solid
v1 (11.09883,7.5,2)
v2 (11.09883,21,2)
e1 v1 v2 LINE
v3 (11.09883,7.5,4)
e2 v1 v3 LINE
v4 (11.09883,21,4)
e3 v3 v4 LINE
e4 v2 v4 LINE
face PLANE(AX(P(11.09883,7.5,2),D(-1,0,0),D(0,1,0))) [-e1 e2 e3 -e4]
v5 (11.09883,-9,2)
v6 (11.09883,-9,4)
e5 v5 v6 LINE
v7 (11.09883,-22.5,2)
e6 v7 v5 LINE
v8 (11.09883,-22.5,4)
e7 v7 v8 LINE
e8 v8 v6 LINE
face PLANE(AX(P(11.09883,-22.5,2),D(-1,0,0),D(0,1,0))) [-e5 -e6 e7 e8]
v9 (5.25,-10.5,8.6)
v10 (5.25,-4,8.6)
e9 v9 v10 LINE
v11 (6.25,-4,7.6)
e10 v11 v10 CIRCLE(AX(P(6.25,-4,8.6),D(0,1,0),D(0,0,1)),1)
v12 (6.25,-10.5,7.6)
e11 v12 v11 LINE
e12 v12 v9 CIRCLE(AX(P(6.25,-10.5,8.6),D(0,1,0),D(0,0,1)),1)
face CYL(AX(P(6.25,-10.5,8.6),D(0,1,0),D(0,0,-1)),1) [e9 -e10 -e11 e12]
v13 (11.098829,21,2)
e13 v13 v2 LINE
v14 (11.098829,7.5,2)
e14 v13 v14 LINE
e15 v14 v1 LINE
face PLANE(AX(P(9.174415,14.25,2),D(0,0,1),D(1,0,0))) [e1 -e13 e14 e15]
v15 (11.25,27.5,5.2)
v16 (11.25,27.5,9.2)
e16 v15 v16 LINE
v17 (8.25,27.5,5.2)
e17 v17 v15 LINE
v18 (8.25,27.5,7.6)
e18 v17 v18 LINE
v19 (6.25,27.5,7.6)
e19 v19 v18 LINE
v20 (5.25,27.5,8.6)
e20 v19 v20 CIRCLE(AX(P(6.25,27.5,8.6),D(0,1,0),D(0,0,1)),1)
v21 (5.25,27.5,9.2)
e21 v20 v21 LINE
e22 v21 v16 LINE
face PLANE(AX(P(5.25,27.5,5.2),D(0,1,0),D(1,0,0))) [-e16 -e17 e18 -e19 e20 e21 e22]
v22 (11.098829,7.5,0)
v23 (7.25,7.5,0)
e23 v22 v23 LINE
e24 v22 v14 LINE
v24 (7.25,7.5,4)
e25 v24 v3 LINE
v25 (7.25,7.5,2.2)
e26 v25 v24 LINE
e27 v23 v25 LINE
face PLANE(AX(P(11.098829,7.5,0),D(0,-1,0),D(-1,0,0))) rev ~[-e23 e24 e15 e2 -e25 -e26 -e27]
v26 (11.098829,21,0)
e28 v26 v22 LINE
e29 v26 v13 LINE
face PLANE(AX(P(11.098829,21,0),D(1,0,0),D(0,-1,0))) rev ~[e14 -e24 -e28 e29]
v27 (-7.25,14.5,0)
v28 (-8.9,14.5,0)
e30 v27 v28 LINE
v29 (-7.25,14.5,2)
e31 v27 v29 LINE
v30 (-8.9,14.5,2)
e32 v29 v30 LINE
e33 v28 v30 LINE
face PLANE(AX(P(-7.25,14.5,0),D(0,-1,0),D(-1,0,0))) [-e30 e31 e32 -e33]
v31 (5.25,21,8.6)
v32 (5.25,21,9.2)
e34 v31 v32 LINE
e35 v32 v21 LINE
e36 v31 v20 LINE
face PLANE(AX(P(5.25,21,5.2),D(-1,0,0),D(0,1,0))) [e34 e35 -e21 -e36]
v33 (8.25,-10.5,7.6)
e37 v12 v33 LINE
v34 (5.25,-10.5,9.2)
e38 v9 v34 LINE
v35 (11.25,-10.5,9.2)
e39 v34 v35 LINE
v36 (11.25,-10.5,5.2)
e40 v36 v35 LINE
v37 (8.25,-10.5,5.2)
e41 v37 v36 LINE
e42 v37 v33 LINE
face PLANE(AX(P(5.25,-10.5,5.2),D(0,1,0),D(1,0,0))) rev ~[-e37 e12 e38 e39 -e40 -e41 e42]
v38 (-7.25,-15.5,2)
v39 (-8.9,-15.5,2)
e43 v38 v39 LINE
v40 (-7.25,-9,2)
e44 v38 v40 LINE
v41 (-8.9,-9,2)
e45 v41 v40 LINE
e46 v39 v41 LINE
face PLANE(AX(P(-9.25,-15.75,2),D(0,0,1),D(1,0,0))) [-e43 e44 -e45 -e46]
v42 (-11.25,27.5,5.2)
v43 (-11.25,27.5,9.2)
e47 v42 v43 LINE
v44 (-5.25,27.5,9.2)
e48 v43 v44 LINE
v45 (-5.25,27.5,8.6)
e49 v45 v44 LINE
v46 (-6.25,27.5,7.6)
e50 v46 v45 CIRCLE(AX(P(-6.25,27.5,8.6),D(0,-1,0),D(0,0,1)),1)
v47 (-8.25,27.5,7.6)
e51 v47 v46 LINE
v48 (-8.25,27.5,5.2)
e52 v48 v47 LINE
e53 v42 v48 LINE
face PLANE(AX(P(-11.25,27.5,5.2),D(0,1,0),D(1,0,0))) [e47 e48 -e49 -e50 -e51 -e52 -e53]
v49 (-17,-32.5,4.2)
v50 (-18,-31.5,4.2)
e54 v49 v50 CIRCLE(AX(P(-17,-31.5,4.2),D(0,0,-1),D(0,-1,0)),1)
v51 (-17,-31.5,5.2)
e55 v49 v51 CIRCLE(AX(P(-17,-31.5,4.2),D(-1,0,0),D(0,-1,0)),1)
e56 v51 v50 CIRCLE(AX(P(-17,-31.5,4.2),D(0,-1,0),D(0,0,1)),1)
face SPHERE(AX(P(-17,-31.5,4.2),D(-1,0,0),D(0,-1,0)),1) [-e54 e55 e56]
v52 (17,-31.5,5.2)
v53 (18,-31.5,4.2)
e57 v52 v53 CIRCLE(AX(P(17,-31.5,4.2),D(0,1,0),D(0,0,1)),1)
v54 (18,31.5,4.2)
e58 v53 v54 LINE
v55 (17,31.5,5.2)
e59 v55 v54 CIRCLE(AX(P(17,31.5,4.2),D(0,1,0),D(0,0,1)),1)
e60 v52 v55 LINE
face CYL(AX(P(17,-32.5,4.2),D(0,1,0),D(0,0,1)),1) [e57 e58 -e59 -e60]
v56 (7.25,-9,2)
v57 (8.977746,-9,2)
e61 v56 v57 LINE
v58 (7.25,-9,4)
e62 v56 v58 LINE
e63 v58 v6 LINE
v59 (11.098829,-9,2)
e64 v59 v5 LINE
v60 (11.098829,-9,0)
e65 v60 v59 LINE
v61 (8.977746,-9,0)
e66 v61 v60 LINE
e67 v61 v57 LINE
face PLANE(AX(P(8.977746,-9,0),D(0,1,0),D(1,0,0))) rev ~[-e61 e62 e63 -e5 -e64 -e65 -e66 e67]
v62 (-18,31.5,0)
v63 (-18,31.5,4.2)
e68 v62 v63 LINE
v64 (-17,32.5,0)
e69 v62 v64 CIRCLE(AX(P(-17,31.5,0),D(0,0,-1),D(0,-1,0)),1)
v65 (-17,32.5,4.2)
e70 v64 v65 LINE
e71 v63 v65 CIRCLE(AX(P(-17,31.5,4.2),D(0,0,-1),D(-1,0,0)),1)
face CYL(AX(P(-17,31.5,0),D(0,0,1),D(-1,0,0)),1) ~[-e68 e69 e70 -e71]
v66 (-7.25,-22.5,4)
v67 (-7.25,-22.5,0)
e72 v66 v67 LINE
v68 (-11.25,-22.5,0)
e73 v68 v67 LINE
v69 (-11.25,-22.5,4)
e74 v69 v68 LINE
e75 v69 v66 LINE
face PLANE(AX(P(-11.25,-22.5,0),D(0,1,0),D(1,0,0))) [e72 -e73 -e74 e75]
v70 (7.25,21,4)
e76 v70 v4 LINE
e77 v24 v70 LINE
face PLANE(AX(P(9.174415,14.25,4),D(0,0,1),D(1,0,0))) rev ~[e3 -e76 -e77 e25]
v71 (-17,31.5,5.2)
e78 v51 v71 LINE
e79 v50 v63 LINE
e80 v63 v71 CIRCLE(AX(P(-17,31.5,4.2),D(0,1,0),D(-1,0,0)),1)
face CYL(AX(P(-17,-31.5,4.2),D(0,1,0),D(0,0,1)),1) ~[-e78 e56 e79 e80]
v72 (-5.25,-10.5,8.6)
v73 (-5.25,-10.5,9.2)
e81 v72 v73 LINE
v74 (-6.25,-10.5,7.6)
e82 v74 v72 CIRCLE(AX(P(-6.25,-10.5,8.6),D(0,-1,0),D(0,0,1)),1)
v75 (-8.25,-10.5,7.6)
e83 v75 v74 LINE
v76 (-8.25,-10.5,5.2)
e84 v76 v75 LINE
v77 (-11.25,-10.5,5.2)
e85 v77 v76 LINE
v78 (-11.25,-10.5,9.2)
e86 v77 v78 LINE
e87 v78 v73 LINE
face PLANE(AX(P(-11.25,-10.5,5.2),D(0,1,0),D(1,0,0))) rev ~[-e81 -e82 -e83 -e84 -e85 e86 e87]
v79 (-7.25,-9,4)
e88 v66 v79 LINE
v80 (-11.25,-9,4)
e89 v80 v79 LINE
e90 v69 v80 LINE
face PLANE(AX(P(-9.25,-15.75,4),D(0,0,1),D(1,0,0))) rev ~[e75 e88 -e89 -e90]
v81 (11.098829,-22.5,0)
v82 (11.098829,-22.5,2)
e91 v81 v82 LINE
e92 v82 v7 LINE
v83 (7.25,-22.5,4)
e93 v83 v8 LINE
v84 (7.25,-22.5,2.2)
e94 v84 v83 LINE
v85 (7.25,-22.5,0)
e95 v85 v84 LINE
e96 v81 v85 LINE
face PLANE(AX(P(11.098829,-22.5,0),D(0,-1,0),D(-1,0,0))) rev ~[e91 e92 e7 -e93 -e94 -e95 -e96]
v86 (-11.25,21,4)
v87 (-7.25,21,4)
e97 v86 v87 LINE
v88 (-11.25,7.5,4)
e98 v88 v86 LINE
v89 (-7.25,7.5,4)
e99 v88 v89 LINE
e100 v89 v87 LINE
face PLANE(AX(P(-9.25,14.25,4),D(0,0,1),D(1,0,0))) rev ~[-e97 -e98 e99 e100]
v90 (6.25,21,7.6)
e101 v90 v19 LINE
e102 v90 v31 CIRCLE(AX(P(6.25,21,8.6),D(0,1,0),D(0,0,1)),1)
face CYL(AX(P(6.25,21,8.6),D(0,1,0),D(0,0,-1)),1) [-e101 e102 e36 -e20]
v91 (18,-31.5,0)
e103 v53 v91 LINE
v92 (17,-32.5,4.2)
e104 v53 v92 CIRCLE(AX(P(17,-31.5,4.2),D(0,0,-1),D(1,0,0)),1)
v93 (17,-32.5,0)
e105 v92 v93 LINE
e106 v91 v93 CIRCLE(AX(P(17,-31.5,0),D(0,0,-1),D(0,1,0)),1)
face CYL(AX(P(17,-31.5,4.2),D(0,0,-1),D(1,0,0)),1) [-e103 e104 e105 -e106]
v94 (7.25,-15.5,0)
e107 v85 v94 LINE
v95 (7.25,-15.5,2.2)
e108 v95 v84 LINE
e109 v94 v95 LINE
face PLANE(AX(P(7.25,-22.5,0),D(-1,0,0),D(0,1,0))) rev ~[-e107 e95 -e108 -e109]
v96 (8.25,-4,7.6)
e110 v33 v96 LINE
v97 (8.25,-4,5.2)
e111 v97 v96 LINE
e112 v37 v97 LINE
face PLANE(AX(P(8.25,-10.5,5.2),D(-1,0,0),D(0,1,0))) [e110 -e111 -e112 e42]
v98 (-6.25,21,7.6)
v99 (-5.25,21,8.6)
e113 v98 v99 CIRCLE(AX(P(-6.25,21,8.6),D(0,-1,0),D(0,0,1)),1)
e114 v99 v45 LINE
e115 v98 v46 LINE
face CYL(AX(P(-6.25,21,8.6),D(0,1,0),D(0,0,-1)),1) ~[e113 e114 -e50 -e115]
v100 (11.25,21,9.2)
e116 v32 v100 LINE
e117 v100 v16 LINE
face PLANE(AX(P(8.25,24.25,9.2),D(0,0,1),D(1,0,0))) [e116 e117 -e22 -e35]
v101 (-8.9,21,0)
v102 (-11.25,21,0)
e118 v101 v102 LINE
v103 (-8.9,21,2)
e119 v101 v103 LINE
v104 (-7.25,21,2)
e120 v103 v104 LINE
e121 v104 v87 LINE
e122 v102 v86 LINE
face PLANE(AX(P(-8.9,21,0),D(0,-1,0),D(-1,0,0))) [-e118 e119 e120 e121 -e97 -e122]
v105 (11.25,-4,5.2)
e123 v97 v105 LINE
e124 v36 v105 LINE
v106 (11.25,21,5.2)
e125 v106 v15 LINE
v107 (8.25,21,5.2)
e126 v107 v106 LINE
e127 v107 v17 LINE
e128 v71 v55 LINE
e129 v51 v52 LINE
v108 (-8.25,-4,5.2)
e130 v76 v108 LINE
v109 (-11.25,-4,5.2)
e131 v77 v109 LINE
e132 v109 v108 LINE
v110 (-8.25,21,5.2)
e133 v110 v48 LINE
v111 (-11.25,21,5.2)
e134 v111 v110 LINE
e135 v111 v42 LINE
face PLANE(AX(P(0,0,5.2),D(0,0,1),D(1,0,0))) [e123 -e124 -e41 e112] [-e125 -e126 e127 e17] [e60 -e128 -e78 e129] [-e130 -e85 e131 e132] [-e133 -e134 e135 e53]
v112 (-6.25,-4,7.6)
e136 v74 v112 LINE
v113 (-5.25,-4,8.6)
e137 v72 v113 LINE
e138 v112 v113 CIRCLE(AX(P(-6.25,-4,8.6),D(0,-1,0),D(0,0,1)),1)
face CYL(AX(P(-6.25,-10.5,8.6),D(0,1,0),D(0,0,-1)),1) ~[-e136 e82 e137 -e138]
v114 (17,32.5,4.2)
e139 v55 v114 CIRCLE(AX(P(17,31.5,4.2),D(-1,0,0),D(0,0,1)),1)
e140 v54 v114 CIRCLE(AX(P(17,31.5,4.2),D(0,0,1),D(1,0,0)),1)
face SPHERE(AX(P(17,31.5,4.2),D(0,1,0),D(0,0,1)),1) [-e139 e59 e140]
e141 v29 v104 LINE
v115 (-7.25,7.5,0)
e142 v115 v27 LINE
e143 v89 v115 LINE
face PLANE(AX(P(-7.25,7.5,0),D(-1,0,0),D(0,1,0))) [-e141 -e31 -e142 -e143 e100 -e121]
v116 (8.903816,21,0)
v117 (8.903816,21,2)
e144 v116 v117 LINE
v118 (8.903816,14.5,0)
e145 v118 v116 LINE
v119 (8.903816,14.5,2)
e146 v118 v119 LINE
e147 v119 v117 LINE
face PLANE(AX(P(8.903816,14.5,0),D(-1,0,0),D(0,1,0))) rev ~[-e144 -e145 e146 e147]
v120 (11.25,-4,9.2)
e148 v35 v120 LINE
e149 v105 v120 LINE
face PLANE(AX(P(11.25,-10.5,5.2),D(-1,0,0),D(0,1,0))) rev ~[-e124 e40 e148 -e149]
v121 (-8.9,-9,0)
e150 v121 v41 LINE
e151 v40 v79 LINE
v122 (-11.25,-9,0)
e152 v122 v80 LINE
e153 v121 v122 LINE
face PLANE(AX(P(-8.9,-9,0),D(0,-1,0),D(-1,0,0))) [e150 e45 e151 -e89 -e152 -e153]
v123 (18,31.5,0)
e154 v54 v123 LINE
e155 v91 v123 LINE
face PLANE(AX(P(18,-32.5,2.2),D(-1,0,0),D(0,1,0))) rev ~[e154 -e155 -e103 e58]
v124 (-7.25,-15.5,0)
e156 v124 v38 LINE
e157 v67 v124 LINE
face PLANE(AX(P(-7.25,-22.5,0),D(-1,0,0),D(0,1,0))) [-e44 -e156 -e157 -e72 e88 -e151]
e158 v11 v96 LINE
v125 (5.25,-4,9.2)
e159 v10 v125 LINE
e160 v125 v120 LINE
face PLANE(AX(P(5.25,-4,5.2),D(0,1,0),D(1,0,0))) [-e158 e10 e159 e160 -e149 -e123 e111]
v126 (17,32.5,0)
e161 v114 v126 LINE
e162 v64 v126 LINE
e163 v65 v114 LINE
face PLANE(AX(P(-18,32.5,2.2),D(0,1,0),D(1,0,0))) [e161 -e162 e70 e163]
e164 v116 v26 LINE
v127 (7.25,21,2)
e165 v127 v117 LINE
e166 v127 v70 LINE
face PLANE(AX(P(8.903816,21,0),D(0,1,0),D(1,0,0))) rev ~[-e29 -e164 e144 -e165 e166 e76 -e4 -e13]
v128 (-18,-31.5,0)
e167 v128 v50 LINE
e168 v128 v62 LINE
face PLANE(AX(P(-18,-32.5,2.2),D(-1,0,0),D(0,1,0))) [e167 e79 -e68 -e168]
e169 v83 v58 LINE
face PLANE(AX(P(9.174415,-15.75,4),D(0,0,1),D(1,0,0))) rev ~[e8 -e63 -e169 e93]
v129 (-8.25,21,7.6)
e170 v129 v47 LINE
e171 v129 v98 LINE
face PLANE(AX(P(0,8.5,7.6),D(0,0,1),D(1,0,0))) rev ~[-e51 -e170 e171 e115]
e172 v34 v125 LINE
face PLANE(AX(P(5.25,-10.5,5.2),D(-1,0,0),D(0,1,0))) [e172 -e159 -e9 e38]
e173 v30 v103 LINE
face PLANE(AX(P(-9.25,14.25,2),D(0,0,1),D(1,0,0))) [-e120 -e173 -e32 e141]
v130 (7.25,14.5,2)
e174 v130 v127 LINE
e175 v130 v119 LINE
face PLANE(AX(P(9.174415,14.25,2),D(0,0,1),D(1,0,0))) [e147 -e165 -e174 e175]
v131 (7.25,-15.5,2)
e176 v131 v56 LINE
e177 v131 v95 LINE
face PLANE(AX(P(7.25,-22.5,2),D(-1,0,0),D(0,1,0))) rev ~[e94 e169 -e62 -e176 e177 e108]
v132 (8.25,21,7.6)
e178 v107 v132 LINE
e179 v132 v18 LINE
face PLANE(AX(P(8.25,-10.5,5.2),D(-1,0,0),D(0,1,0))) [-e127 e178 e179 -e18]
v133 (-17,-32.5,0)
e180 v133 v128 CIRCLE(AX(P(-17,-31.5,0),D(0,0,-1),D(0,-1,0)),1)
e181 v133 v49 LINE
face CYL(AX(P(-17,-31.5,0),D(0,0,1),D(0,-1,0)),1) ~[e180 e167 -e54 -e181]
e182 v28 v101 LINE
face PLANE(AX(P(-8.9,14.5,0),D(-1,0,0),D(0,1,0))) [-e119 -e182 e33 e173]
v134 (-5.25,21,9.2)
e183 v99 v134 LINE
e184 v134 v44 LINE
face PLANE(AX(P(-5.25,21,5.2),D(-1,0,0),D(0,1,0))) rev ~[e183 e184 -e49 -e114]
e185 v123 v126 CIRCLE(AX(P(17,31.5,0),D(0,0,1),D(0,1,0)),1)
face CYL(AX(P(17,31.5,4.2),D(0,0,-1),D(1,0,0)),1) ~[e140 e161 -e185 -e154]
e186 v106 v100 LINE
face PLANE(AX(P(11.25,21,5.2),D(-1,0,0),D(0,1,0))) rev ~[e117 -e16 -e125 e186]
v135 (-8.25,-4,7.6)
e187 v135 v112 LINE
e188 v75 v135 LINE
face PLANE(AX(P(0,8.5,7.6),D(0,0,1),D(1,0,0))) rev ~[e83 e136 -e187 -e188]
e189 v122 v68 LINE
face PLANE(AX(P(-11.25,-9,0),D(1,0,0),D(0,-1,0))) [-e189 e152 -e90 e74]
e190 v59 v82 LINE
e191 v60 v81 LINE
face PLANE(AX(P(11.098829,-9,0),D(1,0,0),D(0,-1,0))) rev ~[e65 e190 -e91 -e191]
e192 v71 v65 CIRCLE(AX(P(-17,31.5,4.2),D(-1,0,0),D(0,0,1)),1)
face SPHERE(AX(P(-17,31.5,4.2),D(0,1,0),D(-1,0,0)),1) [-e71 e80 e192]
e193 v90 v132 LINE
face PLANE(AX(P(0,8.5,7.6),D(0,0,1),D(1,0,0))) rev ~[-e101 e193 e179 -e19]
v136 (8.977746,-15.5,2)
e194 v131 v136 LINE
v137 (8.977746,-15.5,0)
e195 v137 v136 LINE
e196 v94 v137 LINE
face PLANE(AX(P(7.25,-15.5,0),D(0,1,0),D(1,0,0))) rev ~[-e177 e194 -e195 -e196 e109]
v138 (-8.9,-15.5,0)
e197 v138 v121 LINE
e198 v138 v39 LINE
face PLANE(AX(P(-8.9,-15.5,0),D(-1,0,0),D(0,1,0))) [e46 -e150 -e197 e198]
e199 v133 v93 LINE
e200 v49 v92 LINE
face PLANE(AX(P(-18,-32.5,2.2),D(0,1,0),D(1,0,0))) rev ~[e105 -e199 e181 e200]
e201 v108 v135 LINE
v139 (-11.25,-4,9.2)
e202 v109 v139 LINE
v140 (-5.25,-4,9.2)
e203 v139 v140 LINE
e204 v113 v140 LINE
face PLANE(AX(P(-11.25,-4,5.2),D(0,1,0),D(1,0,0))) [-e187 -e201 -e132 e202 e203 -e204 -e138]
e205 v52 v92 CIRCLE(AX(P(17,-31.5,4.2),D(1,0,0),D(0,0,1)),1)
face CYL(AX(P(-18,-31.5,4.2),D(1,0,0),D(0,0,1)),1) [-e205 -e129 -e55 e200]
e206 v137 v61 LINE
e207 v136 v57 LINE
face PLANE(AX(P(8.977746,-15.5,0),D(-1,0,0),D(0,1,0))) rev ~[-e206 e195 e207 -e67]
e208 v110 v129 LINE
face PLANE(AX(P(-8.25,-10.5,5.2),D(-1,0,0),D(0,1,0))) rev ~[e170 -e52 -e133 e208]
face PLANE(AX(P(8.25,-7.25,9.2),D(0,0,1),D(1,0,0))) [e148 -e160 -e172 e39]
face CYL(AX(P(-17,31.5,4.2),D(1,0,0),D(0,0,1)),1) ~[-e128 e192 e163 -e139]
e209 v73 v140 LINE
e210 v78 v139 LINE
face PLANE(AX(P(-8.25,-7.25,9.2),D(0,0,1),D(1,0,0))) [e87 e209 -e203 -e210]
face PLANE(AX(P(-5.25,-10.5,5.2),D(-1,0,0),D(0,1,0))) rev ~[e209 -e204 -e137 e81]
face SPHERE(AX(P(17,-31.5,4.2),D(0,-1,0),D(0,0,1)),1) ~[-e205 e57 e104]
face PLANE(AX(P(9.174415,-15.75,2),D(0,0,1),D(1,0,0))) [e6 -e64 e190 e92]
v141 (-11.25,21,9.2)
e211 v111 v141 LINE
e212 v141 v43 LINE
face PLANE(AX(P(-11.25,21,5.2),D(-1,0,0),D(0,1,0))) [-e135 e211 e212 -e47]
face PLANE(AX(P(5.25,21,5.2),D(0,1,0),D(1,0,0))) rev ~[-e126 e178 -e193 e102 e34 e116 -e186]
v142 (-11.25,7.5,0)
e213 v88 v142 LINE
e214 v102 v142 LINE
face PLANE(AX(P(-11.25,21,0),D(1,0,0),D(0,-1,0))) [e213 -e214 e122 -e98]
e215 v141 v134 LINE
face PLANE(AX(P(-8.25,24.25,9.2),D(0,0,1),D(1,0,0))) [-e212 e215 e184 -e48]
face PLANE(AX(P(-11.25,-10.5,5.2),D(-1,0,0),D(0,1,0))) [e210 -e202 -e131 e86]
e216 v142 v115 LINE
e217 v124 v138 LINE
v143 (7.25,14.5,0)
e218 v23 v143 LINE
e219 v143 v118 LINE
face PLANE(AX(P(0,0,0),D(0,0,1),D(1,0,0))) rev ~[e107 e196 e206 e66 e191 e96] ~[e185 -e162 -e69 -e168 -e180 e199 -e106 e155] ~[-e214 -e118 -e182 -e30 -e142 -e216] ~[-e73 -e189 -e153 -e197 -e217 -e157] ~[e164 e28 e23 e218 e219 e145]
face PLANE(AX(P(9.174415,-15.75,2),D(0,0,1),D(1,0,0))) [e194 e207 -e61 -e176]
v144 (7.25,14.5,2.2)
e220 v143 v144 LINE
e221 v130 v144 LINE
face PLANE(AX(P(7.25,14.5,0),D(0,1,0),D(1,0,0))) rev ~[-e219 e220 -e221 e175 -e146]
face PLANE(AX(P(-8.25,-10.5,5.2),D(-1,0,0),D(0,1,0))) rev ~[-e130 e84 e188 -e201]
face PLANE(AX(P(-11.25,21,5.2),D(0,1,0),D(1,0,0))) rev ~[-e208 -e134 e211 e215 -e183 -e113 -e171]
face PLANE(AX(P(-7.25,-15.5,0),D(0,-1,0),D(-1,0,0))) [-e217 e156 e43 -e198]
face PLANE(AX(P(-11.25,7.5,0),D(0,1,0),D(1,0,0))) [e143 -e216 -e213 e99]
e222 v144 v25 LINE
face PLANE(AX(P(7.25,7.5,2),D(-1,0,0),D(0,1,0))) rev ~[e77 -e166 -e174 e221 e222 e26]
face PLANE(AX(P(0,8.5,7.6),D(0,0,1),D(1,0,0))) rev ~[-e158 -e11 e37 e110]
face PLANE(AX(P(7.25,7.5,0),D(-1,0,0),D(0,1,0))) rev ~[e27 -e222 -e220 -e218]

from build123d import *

# Parameters (mm, degrees)
SKETCH_W        = 36
SKETCH_H        = 65
PAD_DEPTH       = 2.2
POCKET_DEPTH    = 2.201
SKETCH002_W     = 36
SKETCH002_H     = 65
PAD001_DEPTH    = 3
POCKET001_START = 2
SKETCH003_W     = 4
SKETCH003_H     = 13.5
SKETCH003_W_2   = 3.848829
POCKET001_DEPTH = 2
SKETCH004_W     = 6
SKETCH004_H     = 6.5
PAD002_DEPTH    = 4
SKETCH005_W     = 16.5
SKETCH005_H     = 38
POCKET002_DEPTH = 2.4
FILLET_R        = 1
FILLET001_R     = 1
FILLET002_R     = 1
FILLET003_R     = 1
FILLET004_R     = 1
FILLET005_R     = 1


with BuildPart() as part:
    # Sketch → Pad (new body)
    with BuildSketch(Plane.XY):
        Rectangle(SKETCH_W, SKETCH_H)
    extrude(amount=PAD_DEPTH)

    # Sketch001 → Pocket (cut, through all)
    with BuildSketch(Plane.XY):
        Polygon((-11.25, -9), (-11.25, -22.5), (-7.25, -22.5), (-7.25, -15.5), (-8.9, -15.5), (-8.9, -9), align=None)
        Polygon((-11.25, 21), (-11.25, 7.5), (-7.25, 7.5), (-7.25, 14.5), (-8.9, 14.5), (-8.9, 21), align=None)
        Polygon((11.098829, -9), (11.098829, -22.5), (7.25, -22.5), (7.25, -15.5), (8.977746, -15.5), (8.977746, -9), align=None)
        Polygon((11.098829, 21), (11.098829, 7.5), (7.25, 7.5), (7.25, 14.5), (8.903816, 14.5), (8.903816, 21), align=None)
    extrude(amount=POCKET_DEPTH, mode=Mode.SUBTRACT)

    # Sketch002 (on Face5 of Pocket) → Pad001 (join)
    with BuildSketch(Plane.XY.offset(2.2)):
        Rectangle(SKETCH002_W, SKETCH002_H)
    extrude(amount=PAD001_DEPTH)

    # Sketch003 → Pocket001 (cut)
    with BuildSketch(Plane.XY.offset(POCKET001_START)):
        with Locations((-9.25, 14.25)):
            Rectangle(SKETCH003_W, SKETCH003_H)
        with Locations((9.174415, 14.25)):
            Rectangle(SKETCH003_W_2, SKETCH003_H)
        with Locations((9.174415, -15.75)):
            Rectangle(SKETCH003_W_2, SKETCH003_H)
        with Locations((-9.25, -15.75)):
            Rectangle(SKETCH003_W, SKETCH003_H)
    extrude(amount=POCKET001_DEPTH, mode=Mode.SUBTRACT)

    # Sketch004 (on Face33 of Pocket001) → Pad002 (join)
    with BuildSketch(Plane.XY.offset(5.2)):
        with Locations((-8.25, 24.25)):
            Rectangle(SKETCH004_W, SKETCH004_H)
        with Locations((8.25, 24.25)):
            Rectangle(SKETCH004_W, SKETCH004_H)
        with Locations((-8.25, -7.25)):
            Rectangle(SKETCH004_W, SKETCH004_H)
        with Locations((8.25, -7.25)):
            Rectangle(SKETCH004_W, SKETCH004_H)
    extrude(amount=PAD002_DEPTH)

    # Sketch005 (on Face33 of Pad002) → Pocket002 (cut)
    with BuildSketch(Plane.XY.offset(5.2)):
        with Locations((0, 8.5)):
            Rectangle(SKETCH005_W, SKETCH005_H)
    extrude(amount=POCKET002_DEPTH, mode=Mode.SUBTRACT)

    # Fillet
    fillet_edges = [part.edges().sort_by_distance(p)[0] for p in [
        (18, 0, 5.2),
    ]]
    fillet(fillet_edges, radius=FILLET_R)

    # Fillet001
    fillet001_edges = [part.edges().sort_by_distance(p)[0] for p in [
        (-0.5, -32.5, 5.2),
    ]]
    fillet(fillet001_edges, radius=FILLET001_R)

    # Fillet002
    fillet002_edges = [part.edges().sort_by_distance(p)[0] for p in [
        (-18, 0.5, 5.2),
    ]]
    fillet(fillet002_edges, radius=FILLET002_R)

    # Fillet003
    fillet003_edges = [part.edges().sort_by_distance(p)[0] for p in [
        (0, 32.5, 5.2),
    ]]
    fillet(fillet003_edges, radius=FILLET003_R)

    # Fillet004
    fillet004_edges = [part.edges().sort_by_distance(p)[0] for p in [
        (5.25, -7.25, 7.6),
        (5.25, 24.25, 7.6),
    ]]
    fillet(fillet004_edges, radius=FILLET004_R)

    # Fillet005
    fillet005_edges = [part.edges().sort_by_distance(p)[0] for p in [
        (-5.25, 24.25, 7.6),
        (-5.25, -7.25, 7.6),
    ]]
    fillet(fillet005_edges, radius=FILLET005_R)


solid = part.part
